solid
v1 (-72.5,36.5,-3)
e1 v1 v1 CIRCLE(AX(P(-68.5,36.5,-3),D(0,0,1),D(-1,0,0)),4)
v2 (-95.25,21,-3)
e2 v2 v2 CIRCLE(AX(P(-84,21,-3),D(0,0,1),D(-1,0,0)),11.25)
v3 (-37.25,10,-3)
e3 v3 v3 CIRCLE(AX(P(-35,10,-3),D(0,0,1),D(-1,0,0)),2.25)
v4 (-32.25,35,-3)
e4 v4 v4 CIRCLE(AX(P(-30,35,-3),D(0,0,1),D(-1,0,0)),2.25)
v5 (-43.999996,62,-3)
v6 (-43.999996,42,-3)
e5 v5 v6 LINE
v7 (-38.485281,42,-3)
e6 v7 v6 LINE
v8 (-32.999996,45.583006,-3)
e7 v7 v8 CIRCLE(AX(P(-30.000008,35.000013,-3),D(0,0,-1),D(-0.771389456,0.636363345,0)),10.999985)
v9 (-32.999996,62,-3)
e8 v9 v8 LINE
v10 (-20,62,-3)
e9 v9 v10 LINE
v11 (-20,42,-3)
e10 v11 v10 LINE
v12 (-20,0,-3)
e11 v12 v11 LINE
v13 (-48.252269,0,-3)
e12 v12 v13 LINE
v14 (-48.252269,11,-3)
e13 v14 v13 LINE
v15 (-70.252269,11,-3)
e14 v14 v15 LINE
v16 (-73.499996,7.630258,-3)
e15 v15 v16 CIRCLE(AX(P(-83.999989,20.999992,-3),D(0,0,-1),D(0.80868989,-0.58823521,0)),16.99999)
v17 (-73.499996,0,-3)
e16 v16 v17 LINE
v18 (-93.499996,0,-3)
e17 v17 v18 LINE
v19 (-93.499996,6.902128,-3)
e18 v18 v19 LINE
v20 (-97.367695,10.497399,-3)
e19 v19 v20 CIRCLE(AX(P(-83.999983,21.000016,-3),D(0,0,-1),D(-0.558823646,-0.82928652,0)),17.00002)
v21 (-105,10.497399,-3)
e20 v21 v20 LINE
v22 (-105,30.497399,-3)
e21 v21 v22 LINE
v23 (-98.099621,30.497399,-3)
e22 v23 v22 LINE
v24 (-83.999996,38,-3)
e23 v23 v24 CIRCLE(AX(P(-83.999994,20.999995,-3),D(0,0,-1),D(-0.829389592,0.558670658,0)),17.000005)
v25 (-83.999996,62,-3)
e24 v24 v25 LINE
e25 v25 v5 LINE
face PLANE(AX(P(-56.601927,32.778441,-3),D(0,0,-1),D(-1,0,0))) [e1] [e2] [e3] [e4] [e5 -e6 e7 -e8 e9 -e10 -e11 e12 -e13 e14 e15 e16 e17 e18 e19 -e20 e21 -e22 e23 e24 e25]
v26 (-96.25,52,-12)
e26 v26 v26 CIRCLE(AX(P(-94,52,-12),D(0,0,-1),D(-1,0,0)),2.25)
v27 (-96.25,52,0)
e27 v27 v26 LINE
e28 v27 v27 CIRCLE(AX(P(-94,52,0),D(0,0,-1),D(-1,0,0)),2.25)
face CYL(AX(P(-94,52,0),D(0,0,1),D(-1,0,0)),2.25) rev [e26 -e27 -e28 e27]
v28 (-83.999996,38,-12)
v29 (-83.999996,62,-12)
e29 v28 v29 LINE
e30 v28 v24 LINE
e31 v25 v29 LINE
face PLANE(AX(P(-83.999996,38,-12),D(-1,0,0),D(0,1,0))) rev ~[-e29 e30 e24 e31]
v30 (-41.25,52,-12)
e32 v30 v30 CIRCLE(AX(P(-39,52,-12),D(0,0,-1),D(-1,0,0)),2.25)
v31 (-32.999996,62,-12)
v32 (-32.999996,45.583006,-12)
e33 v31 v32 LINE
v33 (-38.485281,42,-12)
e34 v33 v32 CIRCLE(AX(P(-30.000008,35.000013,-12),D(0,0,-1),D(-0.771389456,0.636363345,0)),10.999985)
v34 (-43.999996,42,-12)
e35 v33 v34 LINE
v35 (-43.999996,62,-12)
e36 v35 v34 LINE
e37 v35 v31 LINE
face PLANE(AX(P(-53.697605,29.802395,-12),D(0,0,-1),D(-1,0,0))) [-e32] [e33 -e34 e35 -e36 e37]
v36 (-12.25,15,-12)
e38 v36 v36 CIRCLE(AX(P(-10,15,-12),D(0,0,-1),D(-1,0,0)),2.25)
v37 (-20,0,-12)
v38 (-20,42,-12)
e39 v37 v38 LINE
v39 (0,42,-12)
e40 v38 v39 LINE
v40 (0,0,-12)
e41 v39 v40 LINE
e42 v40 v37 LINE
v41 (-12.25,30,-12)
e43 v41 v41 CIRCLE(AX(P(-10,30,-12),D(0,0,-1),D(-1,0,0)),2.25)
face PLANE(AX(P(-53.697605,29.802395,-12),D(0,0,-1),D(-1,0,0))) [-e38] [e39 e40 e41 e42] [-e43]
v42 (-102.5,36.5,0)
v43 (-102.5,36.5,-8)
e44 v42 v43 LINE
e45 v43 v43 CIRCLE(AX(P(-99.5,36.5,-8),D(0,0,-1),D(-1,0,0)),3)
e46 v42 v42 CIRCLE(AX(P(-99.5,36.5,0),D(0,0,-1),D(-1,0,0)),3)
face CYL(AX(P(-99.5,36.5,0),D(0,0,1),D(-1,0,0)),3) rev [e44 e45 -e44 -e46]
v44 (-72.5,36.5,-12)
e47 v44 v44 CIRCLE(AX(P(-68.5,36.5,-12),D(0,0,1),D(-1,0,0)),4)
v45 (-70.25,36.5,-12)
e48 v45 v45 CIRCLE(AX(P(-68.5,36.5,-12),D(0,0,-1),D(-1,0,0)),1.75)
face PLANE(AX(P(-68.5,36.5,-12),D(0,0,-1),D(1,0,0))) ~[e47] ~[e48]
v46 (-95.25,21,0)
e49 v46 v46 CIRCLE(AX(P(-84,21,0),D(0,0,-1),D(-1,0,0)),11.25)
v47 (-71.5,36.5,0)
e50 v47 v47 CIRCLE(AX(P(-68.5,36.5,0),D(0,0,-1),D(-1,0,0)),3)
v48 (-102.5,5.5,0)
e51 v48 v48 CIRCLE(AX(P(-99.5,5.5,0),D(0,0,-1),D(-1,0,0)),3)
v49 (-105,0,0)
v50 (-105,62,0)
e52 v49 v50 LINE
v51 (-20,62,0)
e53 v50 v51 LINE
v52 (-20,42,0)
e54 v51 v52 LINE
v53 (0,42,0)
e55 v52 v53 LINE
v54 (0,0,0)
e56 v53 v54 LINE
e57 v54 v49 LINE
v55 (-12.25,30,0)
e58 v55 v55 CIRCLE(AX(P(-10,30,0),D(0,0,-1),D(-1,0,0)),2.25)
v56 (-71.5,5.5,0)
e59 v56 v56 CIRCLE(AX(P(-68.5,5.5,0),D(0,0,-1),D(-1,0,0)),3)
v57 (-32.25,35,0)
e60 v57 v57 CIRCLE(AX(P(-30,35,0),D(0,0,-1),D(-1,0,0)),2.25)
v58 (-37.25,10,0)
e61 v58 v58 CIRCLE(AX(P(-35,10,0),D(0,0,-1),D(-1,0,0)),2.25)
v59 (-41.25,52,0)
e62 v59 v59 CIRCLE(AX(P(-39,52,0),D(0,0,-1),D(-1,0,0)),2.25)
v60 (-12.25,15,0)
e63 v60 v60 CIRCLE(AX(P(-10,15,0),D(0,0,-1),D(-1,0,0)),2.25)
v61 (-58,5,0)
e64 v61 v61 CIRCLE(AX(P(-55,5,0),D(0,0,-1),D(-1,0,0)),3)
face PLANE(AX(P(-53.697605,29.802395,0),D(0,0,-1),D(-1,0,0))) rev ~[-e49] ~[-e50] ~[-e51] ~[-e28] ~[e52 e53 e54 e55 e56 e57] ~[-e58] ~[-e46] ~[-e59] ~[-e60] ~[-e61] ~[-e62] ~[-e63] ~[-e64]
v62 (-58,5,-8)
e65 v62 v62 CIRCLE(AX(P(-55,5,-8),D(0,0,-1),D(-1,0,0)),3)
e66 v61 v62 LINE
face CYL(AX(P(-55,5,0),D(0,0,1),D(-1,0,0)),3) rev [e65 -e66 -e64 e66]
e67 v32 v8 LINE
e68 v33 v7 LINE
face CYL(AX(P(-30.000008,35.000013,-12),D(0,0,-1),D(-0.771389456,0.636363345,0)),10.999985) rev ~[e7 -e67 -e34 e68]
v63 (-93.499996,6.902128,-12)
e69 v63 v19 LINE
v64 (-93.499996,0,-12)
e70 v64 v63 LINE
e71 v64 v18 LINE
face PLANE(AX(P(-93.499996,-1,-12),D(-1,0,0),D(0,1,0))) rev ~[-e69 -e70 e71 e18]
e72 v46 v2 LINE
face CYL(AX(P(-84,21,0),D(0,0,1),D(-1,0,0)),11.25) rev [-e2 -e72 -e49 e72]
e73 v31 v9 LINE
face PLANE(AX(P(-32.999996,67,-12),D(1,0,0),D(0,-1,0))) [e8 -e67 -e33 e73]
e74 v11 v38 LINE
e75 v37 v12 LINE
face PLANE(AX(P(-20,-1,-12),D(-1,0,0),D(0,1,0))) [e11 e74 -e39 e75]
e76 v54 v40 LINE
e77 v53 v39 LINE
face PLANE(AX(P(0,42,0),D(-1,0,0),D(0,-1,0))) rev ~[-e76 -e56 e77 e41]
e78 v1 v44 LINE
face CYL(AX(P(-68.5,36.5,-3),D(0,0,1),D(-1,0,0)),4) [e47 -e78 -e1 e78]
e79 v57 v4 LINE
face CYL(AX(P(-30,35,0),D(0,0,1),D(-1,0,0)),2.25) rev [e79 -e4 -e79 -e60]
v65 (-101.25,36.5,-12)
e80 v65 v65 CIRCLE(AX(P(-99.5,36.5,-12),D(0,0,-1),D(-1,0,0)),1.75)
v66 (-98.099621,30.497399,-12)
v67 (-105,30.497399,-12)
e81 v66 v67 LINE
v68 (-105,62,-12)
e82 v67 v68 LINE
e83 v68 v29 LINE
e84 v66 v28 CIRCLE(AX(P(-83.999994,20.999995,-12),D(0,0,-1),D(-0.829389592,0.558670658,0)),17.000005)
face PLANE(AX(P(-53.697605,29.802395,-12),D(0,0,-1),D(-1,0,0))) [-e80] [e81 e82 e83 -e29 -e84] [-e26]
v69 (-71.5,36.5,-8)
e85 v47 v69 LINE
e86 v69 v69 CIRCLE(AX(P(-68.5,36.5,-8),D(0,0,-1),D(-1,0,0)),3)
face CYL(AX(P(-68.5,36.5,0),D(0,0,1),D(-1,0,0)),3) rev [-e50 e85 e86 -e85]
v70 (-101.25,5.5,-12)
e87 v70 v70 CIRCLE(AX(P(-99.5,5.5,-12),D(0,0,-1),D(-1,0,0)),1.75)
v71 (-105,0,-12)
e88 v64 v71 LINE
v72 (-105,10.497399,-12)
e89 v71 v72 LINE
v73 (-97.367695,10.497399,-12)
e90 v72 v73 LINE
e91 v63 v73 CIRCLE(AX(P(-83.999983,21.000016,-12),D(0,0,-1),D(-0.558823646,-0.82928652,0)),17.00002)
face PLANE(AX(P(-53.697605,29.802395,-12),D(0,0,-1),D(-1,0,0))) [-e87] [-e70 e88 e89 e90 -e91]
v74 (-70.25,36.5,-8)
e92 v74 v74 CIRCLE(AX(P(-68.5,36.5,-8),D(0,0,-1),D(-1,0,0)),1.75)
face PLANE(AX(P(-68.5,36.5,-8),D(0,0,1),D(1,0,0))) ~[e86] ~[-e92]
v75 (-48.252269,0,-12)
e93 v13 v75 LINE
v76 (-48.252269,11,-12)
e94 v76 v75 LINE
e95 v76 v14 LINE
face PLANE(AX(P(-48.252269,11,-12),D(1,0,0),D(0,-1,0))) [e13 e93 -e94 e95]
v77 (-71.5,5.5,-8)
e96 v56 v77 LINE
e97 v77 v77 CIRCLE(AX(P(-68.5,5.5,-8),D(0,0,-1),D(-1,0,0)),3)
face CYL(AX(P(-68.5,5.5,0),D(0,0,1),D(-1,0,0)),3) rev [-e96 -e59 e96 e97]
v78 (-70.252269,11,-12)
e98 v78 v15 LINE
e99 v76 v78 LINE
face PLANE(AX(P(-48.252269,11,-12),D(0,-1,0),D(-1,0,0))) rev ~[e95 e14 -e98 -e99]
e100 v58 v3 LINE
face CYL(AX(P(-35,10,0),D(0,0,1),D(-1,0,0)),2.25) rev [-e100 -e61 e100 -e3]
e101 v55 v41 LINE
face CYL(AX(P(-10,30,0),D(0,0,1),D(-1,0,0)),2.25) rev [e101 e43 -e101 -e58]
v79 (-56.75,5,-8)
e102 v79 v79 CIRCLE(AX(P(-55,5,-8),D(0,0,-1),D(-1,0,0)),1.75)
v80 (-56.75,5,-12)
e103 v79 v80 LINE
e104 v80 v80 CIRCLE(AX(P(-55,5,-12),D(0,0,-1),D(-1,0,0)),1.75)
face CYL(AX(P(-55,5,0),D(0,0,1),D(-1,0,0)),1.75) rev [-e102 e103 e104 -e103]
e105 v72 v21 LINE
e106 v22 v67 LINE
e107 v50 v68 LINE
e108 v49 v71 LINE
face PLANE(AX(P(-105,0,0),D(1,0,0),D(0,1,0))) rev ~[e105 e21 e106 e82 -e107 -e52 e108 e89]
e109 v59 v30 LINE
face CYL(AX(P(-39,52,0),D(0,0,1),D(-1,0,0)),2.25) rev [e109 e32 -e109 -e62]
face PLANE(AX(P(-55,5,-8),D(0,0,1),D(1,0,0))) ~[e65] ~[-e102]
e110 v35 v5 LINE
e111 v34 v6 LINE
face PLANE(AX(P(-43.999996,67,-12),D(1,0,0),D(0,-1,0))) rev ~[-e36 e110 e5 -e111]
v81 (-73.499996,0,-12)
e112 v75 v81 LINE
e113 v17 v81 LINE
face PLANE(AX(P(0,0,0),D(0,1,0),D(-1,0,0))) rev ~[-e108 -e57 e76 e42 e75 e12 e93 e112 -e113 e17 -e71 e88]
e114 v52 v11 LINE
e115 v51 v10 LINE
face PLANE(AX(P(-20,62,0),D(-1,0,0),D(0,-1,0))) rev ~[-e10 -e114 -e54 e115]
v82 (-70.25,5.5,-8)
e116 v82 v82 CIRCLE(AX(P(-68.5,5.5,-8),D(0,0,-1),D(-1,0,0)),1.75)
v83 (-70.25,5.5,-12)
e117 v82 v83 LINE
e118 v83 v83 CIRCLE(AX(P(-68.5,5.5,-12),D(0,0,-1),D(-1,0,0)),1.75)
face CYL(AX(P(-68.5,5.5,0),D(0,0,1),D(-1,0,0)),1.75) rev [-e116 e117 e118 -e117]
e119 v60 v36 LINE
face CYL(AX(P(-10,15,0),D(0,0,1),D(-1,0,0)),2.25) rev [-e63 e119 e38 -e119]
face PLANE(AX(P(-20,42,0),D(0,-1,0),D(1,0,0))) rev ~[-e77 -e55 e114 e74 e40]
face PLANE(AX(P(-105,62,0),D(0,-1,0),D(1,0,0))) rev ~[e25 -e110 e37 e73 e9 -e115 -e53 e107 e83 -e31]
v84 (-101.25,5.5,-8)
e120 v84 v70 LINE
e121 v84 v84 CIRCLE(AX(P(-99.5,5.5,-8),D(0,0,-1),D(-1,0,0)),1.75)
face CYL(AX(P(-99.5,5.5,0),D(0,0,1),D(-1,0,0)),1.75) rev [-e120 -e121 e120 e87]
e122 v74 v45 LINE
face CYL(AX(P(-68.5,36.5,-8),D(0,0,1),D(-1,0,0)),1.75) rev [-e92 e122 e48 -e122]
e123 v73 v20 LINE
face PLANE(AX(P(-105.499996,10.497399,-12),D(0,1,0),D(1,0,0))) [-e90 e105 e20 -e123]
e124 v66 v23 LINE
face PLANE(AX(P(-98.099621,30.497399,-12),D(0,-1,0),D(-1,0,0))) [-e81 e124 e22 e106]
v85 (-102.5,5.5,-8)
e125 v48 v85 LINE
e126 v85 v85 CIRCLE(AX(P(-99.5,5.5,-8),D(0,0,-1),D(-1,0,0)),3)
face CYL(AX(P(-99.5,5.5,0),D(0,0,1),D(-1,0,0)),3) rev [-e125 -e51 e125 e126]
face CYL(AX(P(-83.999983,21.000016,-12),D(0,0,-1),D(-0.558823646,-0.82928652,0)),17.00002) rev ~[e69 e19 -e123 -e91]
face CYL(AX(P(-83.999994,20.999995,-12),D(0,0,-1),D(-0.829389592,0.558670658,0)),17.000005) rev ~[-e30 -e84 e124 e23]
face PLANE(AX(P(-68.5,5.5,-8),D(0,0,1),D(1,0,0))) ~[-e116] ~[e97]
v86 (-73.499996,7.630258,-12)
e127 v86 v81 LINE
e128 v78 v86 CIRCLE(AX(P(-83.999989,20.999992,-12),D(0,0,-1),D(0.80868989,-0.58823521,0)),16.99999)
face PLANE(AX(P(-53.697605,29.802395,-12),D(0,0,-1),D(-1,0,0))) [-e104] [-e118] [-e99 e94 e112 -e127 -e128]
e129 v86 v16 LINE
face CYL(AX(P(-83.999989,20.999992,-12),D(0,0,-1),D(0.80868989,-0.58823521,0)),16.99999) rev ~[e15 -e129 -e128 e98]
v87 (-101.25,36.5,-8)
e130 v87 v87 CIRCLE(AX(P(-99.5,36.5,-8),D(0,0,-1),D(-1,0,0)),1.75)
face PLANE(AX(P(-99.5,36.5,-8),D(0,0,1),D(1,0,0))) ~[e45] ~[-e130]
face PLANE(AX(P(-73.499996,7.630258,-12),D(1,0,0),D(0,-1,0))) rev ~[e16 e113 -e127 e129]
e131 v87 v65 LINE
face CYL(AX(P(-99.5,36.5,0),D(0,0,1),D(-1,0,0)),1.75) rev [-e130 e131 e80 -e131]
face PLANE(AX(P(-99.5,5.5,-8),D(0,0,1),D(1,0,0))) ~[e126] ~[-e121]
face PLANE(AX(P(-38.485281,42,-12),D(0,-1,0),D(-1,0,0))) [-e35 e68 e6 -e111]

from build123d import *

# Parameters (mm, degrees)
SKETCH_R        = 2.25
SKETCH_R_2      = 11.25
SKETCH_R_3      = 1.75
PAD_DEPTH       = 12
POCKET_DEPTH    = 9
SKETCH002_R     = 4
PAD001_DEPTH    = 9
SKETCH003_R     = 3
POCKET001_DEPTH = 8
SKETCH004_R     = 1.75
POCKET002_DEPTH = 10


with BuildPart() as pocket_belt_path:
    # Sketch → Pad (new body)
    with BuildSketch(Plane.XY):
        Polygon((0, 0), (105, 0), (105, 62), (20, 62), (20, 42), (0, 42), align=None)
        with Locations((35, 10)):
            Circle(SKETCH_R, mode=Mode.SUBTRACT)
        with Locations((30, 35)):
            Circle(SKETCH_R, mode=Mode.SUBTRACT)
        with Locations((84, 21)):
            Circle(SKETCH_R_2, mode=Mode.SUBTRACT)
        with Locations((68.5, 36.5)):
            Circle(SKETCH_R_3, mode=Mode.SUBTRACT)
        with Locations((99.5, 36.5)):
            Circle(SKETCH_R_3, mode=Mode.SUBTRACT)
        with Locations((68.5, 5.5)):
            Circle(SKETCH_R_3, mode=Mode.SUBTRACT)
        with Locations((99.5, 5.5)):
            Circle(SKETCH_R_3, mode=Mode.SUBTRACT)
        with Locations((10, 30)):
            Circle(SKETCH_R, mode=Mode.SUBTRACT)
        with Locations((10, 15)):
            Circle(SKETCH_R, mode=Mode.SUBTRACT)
        with Locations((39, 52)):
            Circle(SKETCH_R, mode=Mode.SUBTRACT)
        with Locations((94, 52)):
            Circle(SKETCH_R, mode=Mode.SUBTRACT)
        with Locations((55, 5)):
            Circle(SKETCH_R_3, mode=Mode.SUBTRACT)
    extrude(amount=PAD_DEPTH)

    # Sketch001 → Pocket (cut)
    with BuildSketch(Plane.XY.offset(12)):
        with BuildLine():
            ThreePointArc((38.485281, 42), (36.015595, 44.209377), (32.999996, 45.583006))
            Line((32.999996, 67), (32.999996, 45.583006))
            Line((20, 67), (32.999996, 67))
            Line((20, -1), (20, 67))
            Line((20, -1), (48.252269, -1))
            Line((48.252269, 11), (48.252269, -1))
            Line((48.252269, 11), (70.252269, 11))
            ThreePointArc((70.252269, 11), (71.759618, 9.202833), (73.499996, 7.630258))
            Line((73.499996, 7.630258), (73.499996, -1))
            Line((73.499996, -1), (93.499996, -1))
            Line((93.499996, -1), (93.499996, 6.902128))
            ThreePointArc((93.499996, 6.902128), (95.574295, 8.548671), (97.367695, 10.497399))
            Line((105.499996, 10.497399), (97.367695, 10.497399))
            Line((105.499996, 30.497399), (105.499996, 10.497399))
            Line((98.099621, 30.497399), (105.499996, 30.497399))
            ThreePointArc((98.099621, 30.497399), (91.98574, 36.007594), (83.999996, 38))
            Line((83.999996, 38), (83.999996, 67))
            Line((83.999996, 67), (43.999996, 67))
            Line((43.999996, 67), (43.999996, 42))
            Line((38.485281, 42), (43.999996, 42))
        make_face()
    extrude(amount=-POCKET_DEPTH, mode=Mode.SUBTRACT)


with BuildPart() as pocket002:
    # Part__Mirroring: instance of Pocket belt path
    add(pocket_belt_path.part.mirror(Plane(origin=(0, 0, 0), x_dir=(0, 1, 0), z_dir=(0, 0, 1))))

    # Sketch002 → Pad001 (new body)
    with BuildSketch(Plane(origin=(0, 0, -3), x_dir=(1, 0, 0), z_dir=(0, 0, -1))):
        with Locations((68.5, -36.5)):
            Circle(SKETCH002_R)
    extrude(amount=PAD001_DEPTH)

    # Sketch003 → Pocket001 (cut)
    with BuildSketch(Plane.XY):
        with Locations((55, 5)):
            Circle(SKETCH003_R)
        with Locations((68.5, 36.5)):
            Circle(SKETCH003_R)
        with Locations((68.5, 5.5)):
            Circle(SKETCH003_R)
        with Locations((99.5, 5.5)):
            Circle(SKETCH003_R)
        with Locations((99.5, 36.5)):
            Circle(SKETCH003_R)
    extrude(amount=-POCKET001_DEPTH, mode=Mode.SUBTRACT)

    # Sketch004 → Pocket002 (cut)
    with BuildSketch(Plane.XY.offset(-8)):
        with Locations((68.5, 36.5)):
            Circle(SKETCH004_R)
    extrude(amount=-POCKET002_DEPTH, mode=Mode.SUBTRACT)


with BuildPart() as part_mirroring001:
    # Part__Mirroring001: instance of Pocket002
    add(pocket002.part.mirror(Plane(origin=(0, 0, 0), x_dir=(0, -1, 0), z_dir=(1, 0, 0))))


solid = part_mirroring001.part
